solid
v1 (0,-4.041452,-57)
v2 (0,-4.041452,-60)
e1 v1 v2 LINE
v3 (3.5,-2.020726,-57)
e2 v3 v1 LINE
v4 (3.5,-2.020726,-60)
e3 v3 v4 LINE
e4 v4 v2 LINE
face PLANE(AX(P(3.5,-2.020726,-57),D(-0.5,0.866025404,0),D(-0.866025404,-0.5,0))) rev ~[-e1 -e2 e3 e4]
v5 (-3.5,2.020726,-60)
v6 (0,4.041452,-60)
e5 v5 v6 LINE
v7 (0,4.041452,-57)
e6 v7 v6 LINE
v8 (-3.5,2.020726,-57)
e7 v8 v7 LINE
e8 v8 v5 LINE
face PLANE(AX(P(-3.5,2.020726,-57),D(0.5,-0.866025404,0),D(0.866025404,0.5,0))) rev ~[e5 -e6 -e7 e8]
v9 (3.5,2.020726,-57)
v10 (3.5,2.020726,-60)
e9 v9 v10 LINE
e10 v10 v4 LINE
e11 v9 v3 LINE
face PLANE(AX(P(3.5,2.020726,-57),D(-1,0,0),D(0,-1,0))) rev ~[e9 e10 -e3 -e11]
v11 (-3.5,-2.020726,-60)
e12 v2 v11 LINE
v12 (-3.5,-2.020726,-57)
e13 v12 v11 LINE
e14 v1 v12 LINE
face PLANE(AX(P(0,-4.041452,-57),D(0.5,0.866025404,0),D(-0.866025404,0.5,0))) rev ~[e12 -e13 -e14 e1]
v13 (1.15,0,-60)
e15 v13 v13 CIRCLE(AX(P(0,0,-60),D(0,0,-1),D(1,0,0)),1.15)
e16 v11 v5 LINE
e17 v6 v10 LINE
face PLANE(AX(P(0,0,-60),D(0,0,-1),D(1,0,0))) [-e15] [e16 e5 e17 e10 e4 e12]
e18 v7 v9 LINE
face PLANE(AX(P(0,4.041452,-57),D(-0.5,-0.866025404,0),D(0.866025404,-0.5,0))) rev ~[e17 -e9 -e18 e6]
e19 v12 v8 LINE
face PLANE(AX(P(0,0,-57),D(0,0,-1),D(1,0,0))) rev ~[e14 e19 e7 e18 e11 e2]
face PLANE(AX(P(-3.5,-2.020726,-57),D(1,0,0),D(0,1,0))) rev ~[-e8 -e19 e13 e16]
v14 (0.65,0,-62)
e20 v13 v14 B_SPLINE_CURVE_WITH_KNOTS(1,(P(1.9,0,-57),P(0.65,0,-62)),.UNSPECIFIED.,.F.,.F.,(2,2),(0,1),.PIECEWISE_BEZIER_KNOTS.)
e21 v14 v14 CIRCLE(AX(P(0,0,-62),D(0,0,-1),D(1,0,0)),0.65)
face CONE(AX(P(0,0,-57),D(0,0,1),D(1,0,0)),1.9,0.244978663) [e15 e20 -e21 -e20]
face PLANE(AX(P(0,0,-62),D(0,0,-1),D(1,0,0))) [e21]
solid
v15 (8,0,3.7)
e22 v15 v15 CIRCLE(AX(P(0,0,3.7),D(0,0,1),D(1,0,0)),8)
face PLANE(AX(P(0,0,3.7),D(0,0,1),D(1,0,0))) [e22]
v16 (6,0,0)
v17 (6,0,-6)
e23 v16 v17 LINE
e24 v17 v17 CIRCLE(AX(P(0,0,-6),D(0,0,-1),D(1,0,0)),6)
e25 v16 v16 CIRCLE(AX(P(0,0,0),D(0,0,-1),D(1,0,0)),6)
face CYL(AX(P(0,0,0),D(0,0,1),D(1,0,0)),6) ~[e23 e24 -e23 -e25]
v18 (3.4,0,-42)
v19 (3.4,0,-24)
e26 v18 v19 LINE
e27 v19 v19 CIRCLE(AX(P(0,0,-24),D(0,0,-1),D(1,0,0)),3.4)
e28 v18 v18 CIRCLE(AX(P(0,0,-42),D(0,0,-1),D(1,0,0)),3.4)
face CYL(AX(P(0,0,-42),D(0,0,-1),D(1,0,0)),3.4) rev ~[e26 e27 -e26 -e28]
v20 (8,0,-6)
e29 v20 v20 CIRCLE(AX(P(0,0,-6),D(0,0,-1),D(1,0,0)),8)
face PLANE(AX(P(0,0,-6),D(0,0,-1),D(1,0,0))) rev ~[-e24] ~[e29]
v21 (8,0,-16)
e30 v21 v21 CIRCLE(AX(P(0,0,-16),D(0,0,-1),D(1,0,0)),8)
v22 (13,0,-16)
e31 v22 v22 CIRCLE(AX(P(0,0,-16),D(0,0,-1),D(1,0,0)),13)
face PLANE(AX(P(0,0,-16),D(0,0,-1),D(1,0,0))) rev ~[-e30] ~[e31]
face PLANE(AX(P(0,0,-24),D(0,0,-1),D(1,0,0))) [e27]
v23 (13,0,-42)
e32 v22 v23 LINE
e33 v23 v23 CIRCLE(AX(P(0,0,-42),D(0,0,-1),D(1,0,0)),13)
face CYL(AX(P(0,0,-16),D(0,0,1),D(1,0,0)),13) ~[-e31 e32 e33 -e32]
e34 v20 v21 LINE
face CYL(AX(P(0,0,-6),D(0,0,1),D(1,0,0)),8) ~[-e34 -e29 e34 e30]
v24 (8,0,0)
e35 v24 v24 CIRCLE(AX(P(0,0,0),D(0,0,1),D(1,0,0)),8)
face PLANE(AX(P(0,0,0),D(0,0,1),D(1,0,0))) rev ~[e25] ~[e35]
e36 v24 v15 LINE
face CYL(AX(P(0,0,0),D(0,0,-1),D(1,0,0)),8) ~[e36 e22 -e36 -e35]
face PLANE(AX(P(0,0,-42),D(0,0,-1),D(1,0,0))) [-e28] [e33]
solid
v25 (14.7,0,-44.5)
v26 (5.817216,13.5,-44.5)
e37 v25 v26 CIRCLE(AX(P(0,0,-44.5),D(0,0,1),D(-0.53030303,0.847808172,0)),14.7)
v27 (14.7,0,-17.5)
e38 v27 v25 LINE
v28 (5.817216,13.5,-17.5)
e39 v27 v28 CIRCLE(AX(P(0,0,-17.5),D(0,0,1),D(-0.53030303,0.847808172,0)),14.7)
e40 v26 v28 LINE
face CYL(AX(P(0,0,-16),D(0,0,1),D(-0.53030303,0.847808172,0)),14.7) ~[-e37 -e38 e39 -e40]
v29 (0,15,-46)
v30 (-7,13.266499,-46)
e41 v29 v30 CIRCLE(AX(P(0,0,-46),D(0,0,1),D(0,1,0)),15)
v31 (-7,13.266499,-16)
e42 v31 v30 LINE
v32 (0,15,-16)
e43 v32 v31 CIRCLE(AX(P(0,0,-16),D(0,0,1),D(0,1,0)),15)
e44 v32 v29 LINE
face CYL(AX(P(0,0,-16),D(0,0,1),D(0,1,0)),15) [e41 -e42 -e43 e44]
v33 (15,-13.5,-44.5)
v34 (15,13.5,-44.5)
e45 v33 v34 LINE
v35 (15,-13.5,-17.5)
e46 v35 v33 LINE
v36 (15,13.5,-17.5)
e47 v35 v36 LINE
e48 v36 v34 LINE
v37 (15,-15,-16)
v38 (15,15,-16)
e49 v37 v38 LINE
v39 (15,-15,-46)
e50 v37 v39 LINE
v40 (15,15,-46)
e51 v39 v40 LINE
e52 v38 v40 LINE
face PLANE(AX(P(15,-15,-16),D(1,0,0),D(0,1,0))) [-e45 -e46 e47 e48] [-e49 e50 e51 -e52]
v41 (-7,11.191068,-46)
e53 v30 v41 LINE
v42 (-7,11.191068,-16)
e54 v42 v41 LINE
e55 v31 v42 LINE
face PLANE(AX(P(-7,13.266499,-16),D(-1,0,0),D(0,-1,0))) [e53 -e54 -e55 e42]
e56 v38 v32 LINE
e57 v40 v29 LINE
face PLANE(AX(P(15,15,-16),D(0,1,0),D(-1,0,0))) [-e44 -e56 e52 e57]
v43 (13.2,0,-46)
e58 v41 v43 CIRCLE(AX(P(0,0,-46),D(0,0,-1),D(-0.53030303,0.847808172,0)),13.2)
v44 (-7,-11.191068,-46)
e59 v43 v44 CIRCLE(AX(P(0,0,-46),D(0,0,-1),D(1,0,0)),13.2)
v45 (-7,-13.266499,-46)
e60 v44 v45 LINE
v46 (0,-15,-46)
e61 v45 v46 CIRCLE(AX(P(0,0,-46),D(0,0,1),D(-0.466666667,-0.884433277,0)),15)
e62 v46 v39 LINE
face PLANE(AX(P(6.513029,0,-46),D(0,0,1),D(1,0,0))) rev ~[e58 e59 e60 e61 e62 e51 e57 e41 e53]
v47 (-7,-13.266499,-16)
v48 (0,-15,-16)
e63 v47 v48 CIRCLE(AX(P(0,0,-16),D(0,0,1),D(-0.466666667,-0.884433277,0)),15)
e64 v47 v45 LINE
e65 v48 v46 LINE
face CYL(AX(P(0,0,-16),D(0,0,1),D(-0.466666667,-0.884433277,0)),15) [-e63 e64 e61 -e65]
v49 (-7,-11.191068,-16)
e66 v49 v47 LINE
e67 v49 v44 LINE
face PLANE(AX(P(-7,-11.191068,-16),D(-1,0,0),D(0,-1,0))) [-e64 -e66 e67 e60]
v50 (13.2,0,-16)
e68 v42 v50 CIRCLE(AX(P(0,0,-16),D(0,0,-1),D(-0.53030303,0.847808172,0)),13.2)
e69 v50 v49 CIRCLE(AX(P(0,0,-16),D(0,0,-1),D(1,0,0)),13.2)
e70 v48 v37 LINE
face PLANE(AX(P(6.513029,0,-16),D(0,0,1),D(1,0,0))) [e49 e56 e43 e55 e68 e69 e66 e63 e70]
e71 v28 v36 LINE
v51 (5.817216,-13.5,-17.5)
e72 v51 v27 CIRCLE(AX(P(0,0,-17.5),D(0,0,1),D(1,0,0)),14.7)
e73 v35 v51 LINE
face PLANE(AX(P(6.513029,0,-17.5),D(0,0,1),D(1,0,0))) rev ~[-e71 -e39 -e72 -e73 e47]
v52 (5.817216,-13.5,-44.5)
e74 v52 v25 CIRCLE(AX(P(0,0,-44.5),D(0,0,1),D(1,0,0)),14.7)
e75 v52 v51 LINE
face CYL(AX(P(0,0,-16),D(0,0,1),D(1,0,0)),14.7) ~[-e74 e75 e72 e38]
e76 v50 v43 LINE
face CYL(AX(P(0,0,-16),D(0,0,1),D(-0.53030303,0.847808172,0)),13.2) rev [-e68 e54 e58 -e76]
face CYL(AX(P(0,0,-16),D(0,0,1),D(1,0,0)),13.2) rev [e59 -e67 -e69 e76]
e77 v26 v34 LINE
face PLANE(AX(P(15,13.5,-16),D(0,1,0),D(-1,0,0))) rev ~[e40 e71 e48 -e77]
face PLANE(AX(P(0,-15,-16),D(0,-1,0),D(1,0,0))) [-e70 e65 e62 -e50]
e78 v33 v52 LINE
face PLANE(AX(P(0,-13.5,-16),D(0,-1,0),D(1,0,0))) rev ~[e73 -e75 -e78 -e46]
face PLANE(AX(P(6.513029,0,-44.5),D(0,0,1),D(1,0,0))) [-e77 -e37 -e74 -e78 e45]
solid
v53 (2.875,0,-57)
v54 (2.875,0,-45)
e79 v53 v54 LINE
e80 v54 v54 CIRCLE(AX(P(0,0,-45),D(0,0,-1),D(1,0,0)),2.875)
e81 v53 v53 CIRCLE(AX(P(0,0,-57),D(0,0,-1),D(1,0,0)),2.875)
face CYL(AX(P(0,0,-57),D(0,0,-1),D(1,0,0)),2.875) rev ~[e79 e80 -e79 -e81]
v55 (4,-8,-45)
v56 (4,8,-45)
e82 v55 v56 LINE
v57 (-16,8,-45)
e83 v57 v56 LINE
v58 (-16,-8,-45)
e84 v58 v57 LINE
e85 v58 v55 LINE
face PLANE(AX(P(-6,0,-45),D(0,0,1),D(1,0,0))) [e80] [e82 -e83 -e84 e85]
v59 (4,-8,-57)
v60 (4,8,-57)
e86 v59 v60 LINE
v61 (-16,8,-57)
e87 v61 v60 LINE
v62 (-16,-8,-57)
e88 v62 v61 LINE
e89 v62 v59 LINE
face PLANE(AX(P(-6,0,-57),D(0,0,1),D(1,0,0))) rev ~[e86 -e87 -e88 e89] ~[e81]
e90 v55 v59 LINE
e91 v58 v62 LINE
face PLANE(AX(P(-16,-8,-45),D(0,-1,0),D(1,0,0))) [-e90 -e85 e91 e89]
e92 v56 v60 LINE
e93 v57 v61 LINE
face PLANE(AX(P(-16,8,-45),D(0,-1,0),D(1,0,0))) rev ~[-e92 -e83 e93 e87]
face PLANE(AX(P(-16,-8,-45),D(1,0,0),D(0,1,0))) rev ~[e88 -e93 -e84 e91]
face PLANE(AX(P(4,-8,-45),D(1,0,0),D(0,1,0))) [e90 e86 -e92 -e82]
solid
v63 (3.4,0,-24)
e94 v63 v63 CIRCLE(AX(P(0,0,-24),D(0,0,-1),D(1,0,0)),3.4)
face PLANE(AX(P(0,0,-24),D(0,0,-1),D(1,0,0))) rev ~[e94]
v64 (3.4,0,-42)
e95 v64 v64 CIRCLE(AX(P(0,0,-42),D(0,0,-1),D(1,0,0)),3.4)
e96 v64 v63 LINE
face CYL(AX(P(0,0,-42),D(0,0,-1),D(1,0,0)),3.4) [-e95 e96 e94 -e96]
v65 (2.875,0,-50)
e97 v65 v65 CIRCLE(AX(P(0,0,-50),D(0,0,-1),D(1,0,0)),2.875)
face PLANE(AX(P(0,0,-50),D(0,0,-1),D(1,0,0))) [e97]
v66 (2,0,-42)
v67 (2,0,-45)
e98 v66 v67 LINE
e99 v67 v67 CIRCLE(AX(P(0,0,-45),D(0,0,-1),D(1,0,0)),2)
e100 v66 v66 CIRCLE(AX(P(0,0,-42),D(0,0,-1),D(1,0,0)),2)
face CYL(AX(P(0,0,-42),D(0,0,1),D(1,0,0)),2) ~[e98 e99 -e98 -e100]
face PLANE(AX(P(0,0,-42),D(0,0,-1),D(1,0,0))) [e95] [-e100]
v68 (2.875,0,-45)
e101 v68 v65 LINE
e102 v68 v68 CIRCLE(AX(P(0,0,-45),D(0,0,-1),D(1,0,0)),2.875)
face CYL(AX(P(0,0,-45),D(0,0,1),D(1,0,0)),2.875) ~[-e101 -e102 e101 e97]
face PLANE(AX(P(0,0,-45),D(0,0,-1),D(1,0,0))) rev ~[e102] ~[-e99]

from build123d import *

# Parameters (mm, degrees)
F0_R      = 8
F1_DEPTH  = 3.7
F2_R      = 6
F3_DEPTH  = 6
F4_R      = 8
F5_DEPTH  = 10
F6_R      = 13
F7_DEPTH  = 26
F8_R      = 3.4
F9_DEPTH  = 18
F10_R     = 3.4
F11_DEPTH = 18
F12_R     = 2
F13_DEPTH = 3
F14_R     = 2.875
F15_DEPTH = 5
F16_W     = 20
F16_H     = 16
F17_DEPTH = 12
F18_R     = 2.875
F19_DEPTH = 12
F21_DEPTH = 3
F22_R     = 1.9
F24_R     = 0.65
F27_DEPTH = 30
F28_T     = -1.5


with BuildPart() as f1:
    # F0 (on Top) → F1 (new body)
    with BuildSketch(Plane.XY):
        Circle(F0_R)
    extrude(amount=F1_DEPTH)

    # F2 (on face) → F3 (join)
    with BuildSketch(Plane(origin=(0, 0, 0), x_dir=(1, 0, 0), z_dir=(0, 0, -1))):
        Circle(F2_R)
    extrude(amount=F3_DEPTH)

    # F4 (on face) → F5 (join)
    with BuildSketch(Plane(origin=(0, 0, -6), x_dir=(1, 0, 0), z_dir=(0, 0, -1))):
        Circle(F4_R)
    extrude(amount=F5_DEPTH)

    # F6 (on face) → F7 (join)
    with BuildSketch(Plane(origin=(0, 0, -16), x_dir=(1, 0, 0), z_dir=(0, 0, -1))):
        Circle(F6_R)
    extrude(amount=F7_DEPTH)

    # F8 (on face) → F9 (cut)
    with BuildSketch(Plane(origin=(0, 0, -42), x_dir=(1, 0, 0), z_dir=(0, 0, -1))):
        Circle(F8_R)
    extrude(amount=-F9_DEPTH, mode=Mode.SUBTRACT)


with BuildPart() as f11:
    # F10 (on face) → F11 (new body)
    with BuildSketch(Plane(origin=(0, 0, -42), x_dir=(1, 0, 0), z_dir=(0, 0, -1))):
        Circle(F10_R)
    extrude(amount=-F11_DEPTH)

    # F12 (on face) → F13 (join)
    with BuildSketch(Plane(origin=(0, 0, -42), x_dir=(1, 0, 0), z_dir=(0, 0, -1))):
        Circle(F12_R)
    extrude(amount=F13_DEPTH)

    # F14 (on face) → F15 (join)
    with BuildSketch(Plane(origin=(0, 0, -45), x_dir=(1, 0, 0), z_dir=(0, 0, -1))):
        Circle(F14_R)
    extrude(amount=F15_DEPTH)


with BuildPart() as f17:
    # F16 (on face) → F17 (new body)
    with BuildSketch(Plane.XY.offset(-45)):
        with Locations((-6, 0)):
            Rectangle(F16_W, F16_H)
    extrude(amount=-F17_DEPTH)

    # F18 (on face) → F19 (cut, through all)
    with BuildSketch(Plane(origin=(0, 0, -57), x_dir=(1, 0, 0), z_dir=(0, 0, -1))):
        Circle(F18_R)
    extrude(amount=-F19_DEPTH, mode=Mode.SUBTRACT)


with BuildPart() as f21:
    # F20 (on face) → F21 (new body)
    with BuildSketch(Plane(origin=(0, 0, -57), x_dir=(1, 0, 0), z_dir=(0, 0, -1))):
        Polygon((-3.5, 2.0207259422), (-3.5, -2.0207259422), (0, -4.0414518843), (3.5, -2.0207259422), (3.5, 2.0207259422), (0, 4.0414518843), align=None)
    extrude(amount=F21_DEPTH)

    # F22 (on face) → F25 section 0
    with BuildSketch(Plane(origin=(0, 0, -57), x_dir=(1, 0, 0), z_dir=(0, 0, -1))):
        Circle(F22_R)
    # F24 (on offset) → F25 section 1
    with BuildSketch(Plane(origin=(0, 0, -62), x_dir=(1, 0, 0), z_dir=(0, 0, -1))):
        Circle(F24_R)
    loft()


with BuildPart() as f27:
    # F26 (on face) → F27 (new body)
    with BuildSketch(Plane.XY.offset(-16)):
        with BuildLine():
            Line((-7, -11.1910678668), (-7, -13.2664991614))
            ThreePointArc((-7, -13.2664991614), (-3.6057254872, -14.5601766373), (0, -15))
            Line((0, -15), (15, -15))
            Line((15, -15), (15, 15))
            Line((15, 15), (0, 15))
            ThreePointArc((0, 15), (-3.6057254872, 14.5601766373), (-7, 13.2664991614))
            Line((-7, 13.2664991614), (-7, 11.1910678668))
            ThreePointArc((-7, 11.1910678668), (6.3968742367, 11.5464280191), (13.2, 0))
            ThreePointArc((13.2, 0), (6.3968742367, -11.5464280191), (-7, -11.1910678668))
        make_face()
    extrude(amount=-F27_DEPTH)

    # F28
    f28_openings = [f27.faces().sort_by_distance(p)[0] for p in [
        (15, 0, -31),
    ]]
    offset(amount=F28_T, openings=f28_openings)


solid = Compound([f1.part, f11.part, f17.part, f21.part, f27.part])
